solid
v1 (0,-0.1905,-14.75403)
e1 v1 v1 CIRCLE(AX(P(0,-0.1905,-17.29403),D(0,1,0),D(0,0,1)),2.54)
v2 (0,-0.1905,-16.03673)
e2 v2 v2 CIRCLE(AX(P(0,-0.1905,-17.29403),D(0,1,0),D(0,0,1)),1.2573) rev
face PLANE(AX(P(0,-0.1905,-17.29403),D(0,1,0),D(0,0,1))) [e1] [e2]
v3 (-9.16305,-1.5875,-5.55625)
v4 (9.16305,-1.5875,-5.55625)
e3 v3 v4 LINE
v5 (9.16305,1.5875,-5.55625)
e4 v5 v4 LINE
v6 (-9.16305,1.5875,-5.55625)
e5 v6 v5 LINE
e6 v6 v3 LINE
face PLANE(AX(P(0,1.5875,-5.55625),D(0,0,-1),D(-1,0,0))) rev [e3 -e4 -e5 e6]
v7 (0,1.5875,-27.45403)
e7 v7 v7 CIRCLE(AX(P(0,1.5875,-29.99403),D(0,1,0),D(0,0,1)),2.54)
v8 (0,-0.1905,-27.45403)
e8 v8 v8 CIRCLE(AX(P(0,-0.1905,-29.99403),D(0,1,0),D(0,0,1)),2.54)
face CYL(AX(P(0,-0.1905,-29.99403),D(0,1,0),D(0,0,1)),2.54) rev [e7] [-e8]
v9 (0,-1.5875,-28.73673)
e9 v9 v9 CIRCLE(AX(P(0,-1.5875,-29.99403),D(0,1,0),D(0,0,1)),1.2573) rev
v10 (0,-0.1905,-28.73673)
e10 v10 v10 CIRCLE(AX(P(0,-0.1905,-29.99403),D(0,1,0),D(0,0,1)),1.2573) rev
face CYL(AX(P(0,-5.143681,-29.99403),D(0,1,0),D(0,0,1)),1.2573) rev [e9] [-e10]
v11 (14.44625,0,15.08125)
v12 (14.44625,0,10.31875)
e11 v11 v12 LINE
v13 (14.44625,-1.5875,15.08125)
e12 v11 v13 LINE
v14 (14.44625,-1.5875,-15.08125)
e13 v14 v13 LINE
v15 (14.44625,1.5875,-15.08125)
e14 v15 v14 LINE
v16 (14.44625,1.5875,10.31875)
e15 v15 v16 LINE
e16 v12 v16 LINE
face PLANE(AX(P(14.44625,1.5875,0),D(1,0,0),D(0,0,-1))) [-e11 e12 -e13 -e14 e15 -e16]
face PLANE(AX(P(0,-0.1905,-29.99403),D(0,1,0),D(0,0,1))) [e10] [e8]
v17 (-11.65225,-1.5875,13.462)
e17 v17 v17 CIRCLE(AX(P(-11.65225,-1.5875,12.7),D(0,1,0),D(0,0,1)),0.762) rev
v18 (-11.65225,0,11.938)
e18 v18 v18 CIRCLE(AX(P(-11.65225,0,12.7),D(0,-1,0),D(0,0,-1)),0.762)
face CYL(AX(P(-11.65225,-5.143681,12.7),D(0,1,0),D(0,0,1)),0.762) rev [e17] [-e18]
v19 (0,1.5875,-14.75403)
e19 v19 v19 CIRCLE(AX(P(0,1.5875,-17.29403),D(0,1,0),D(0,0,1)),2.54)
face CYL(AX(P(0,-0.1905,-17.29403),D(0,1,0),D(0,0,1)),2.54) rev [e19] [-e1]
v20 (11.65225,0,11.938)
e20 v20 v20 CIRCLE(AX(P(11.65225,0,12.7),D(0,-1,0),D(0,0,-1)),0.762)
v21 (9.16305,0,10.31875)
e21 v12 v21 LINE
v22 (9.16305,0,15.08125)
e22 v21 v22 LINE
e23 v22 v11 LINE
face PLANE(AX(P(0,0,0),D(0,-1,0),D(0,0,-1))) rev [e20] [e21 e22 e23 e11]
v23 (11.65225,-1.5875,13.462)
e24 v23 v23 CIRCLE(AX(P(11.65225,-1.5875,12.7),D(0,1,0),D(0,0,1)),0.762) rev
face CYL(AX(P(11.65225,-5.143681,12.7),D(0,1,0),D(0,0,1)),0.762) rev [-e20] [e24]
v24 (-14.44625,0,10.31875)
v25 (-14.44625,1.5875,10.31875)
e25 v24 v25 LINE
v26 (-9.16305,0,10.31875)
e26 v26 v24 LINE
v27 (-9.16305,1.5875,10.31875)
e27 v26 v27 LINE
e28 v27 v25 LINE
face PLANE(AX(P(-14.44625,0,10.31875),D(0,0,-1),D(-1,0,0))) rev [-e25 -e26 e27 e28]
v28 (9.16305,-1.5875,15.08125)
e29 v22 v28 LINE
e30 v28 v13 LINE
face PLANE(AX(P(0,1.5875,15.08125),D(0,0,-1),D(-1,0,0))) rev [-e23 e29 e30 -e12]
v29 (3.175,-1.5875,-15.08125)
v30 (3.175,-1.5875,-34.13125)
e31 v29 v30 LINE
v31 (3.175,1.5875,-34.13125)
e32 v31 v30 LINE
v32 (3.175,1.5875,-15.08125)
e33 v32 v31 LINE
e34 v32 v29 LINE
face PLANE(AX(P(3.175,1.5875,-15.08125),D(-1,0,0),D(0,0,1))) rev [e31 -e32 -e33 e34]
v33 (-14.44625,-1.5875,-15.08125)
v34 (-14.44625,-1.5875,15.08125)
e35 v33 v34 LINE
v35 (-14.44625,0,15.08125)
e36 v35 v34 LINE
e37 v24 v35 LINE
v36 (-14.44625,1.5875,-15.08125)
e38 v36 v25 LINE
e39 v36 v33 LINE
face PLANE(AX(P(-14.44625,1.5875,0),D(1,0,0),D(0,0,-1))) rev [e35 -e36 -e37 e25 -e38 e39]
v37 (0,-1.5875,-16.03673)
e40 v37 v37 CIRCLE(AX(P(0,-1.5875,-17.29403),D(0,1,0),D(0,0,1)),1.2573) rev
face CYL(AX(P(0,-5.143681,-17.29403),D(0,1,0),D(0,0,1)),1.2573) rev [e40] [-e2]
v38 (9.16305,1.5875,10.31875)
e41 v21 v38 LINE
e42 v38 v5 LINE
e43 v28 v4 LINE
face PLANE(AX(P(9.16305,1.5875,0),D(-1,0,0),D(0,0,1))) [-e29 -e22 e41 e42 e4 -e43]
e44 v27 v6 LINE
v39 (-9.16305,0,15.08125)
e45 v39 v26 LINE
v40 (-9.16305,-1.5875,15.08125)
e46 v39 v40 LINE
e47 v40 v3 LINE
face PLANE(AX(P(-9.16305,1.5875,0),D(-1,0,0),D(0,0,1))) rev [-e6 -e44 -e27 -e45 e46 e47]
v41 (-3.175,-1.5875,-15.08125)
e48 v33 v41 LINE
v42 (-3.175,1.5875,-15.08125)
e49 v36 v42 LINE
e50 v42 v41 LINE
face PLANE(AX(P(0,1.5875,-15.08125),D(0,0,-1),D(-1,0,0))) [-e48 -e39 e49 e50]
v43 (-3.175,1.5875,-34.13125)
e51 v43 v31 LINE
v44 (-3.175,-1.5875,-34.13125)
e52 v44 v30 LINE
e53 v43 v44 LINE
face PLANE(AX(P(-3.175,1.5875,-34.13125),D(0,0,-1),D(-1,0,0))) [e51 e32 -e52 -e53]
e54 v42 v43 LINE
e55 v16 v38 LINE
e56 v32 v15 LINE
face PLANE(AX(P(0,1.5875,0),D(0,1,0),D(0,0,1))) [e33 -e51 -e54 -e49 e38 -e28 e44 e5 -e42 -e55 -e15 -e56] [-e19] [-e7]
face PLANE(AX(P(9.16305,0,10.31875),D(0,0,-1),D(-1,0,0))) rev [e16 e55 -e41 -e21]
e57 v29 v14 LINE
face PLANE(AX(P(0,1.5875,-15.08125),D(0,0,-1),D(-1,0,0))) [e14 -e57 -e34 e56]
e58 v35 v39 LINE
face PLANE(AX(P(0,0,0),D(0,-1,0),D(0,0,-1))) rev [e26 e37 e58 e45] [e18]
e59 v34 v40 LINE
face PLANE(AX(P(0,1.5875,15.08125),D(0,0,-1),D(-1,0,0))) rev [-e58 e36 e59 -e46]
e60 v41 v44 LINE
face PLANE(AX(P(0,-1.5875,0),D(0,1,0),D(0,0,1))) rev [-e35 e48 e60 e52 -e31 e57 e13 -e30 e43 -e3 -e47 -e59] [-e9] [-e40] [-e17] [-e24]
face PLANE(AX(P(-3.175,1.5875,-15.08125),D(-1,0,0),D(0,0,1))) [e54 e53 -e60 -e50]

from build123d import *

# Parameters (mm, degrees)
SKETCH1_W           = 6.35
SKETCH1_H           = 19.05
BOSS_EXTRUDE1_DEPTH = 1.5875
SKETCH2_W           = 5.2832
SKETCH2_H           = 4.7625
CUT_EXTRUDE1_DEPTH  = 1.5875
SKETCH3_R           = 0.762
SKETCH3_R_2         = 1.2573
CUT_EXTRUDE2_DEPTH  = 3.175
SKETCH31_R          = 2.54
CUT_EXTRUDE5_DEPTH  = 1.778


with BuildPart() as part:
    # Sketch1 → Boss-Extrude1 (new body, symmetric)
    with BuildSketch(Plane(origin=(0, 0, 0), x_dir=(1, 0, 0), z_dir=(0, 1, 0))):
        Polygon((-3.175, 15.08125), (-14.44625, 15.08125), (-14.44625, -15.08125), (-9.16305, -15.08125), (-9.16305, 5.55625), (9.16305, 5.55625), (9.16305, -15.08125), (14.44625, -15.08125), (14.44625, 15.08125), (3.175, 15.08125), align=None)
        with Locations((0, 24.60625)):
            Rectangle(SKETCH1_W, SKETCH1_H)
    extrude(amount=BOSS_EXTRUDE1_DEPTH, both=True)

    # Sketch2 → Cut-Extrude1 (cut)
    with BuildSketch(Plane(origin=(0, 1.5875, 0), x_dir=(1, 0, 0), z_dir=(0, 1, 0))):
        with Locations((-11.80465, -12.7)):
            Rectangle(SKETCH2_W, SKETCH2_H)
        with Locations((11.80465, -12.7)):
            Rectangle(SKETCH2_W, SKETCH2_H)
    extrude(amount=-CUT_EXTRUDE1_DEPTH, mode=Mode.SUBTRACT)

    # Sketch3 → Cut-Extrude2 (cut)
    with BuildSketch(Plane(origin=(0, 1.5875, 0), x_dir=(1, 0, 0), z_dir=(0, 1, 0))):
        with Locations((-11.65225, -12.7)):
            Circle(SKETCH3_R)
        with Locations((11.65225, -12.7)):
            Circle(SKETCH3_R)
        with Locations((0, 17.294029814)):
            Circle(SKETCH3_R_2)
        with Locations((0, 29.994029814)):
            Circle(SKETCH3_R_2)
    extrude(amount=-CUT_EXTRUDE2_DEPTH, mode=Mode.SUBTRACT)

    # Sketch31 → Cut-Extrude5 (cut)
    with BuildSketch(Plane(origin=(0, 1.5875, 0), x_dir=(1, 0, 0), z_dir=(0, 1, 0))):
        with Locations((0, 17.294029814)):
            Circle(SKETCH31_R)
        with Locations((0, 29.994029814)):
            Circle(SKETCH31_R)
    extrude(amount=-CUT_EXTRUDE5_DEPTH, mode=Mode.SUBTRACT)


solid = part.part
